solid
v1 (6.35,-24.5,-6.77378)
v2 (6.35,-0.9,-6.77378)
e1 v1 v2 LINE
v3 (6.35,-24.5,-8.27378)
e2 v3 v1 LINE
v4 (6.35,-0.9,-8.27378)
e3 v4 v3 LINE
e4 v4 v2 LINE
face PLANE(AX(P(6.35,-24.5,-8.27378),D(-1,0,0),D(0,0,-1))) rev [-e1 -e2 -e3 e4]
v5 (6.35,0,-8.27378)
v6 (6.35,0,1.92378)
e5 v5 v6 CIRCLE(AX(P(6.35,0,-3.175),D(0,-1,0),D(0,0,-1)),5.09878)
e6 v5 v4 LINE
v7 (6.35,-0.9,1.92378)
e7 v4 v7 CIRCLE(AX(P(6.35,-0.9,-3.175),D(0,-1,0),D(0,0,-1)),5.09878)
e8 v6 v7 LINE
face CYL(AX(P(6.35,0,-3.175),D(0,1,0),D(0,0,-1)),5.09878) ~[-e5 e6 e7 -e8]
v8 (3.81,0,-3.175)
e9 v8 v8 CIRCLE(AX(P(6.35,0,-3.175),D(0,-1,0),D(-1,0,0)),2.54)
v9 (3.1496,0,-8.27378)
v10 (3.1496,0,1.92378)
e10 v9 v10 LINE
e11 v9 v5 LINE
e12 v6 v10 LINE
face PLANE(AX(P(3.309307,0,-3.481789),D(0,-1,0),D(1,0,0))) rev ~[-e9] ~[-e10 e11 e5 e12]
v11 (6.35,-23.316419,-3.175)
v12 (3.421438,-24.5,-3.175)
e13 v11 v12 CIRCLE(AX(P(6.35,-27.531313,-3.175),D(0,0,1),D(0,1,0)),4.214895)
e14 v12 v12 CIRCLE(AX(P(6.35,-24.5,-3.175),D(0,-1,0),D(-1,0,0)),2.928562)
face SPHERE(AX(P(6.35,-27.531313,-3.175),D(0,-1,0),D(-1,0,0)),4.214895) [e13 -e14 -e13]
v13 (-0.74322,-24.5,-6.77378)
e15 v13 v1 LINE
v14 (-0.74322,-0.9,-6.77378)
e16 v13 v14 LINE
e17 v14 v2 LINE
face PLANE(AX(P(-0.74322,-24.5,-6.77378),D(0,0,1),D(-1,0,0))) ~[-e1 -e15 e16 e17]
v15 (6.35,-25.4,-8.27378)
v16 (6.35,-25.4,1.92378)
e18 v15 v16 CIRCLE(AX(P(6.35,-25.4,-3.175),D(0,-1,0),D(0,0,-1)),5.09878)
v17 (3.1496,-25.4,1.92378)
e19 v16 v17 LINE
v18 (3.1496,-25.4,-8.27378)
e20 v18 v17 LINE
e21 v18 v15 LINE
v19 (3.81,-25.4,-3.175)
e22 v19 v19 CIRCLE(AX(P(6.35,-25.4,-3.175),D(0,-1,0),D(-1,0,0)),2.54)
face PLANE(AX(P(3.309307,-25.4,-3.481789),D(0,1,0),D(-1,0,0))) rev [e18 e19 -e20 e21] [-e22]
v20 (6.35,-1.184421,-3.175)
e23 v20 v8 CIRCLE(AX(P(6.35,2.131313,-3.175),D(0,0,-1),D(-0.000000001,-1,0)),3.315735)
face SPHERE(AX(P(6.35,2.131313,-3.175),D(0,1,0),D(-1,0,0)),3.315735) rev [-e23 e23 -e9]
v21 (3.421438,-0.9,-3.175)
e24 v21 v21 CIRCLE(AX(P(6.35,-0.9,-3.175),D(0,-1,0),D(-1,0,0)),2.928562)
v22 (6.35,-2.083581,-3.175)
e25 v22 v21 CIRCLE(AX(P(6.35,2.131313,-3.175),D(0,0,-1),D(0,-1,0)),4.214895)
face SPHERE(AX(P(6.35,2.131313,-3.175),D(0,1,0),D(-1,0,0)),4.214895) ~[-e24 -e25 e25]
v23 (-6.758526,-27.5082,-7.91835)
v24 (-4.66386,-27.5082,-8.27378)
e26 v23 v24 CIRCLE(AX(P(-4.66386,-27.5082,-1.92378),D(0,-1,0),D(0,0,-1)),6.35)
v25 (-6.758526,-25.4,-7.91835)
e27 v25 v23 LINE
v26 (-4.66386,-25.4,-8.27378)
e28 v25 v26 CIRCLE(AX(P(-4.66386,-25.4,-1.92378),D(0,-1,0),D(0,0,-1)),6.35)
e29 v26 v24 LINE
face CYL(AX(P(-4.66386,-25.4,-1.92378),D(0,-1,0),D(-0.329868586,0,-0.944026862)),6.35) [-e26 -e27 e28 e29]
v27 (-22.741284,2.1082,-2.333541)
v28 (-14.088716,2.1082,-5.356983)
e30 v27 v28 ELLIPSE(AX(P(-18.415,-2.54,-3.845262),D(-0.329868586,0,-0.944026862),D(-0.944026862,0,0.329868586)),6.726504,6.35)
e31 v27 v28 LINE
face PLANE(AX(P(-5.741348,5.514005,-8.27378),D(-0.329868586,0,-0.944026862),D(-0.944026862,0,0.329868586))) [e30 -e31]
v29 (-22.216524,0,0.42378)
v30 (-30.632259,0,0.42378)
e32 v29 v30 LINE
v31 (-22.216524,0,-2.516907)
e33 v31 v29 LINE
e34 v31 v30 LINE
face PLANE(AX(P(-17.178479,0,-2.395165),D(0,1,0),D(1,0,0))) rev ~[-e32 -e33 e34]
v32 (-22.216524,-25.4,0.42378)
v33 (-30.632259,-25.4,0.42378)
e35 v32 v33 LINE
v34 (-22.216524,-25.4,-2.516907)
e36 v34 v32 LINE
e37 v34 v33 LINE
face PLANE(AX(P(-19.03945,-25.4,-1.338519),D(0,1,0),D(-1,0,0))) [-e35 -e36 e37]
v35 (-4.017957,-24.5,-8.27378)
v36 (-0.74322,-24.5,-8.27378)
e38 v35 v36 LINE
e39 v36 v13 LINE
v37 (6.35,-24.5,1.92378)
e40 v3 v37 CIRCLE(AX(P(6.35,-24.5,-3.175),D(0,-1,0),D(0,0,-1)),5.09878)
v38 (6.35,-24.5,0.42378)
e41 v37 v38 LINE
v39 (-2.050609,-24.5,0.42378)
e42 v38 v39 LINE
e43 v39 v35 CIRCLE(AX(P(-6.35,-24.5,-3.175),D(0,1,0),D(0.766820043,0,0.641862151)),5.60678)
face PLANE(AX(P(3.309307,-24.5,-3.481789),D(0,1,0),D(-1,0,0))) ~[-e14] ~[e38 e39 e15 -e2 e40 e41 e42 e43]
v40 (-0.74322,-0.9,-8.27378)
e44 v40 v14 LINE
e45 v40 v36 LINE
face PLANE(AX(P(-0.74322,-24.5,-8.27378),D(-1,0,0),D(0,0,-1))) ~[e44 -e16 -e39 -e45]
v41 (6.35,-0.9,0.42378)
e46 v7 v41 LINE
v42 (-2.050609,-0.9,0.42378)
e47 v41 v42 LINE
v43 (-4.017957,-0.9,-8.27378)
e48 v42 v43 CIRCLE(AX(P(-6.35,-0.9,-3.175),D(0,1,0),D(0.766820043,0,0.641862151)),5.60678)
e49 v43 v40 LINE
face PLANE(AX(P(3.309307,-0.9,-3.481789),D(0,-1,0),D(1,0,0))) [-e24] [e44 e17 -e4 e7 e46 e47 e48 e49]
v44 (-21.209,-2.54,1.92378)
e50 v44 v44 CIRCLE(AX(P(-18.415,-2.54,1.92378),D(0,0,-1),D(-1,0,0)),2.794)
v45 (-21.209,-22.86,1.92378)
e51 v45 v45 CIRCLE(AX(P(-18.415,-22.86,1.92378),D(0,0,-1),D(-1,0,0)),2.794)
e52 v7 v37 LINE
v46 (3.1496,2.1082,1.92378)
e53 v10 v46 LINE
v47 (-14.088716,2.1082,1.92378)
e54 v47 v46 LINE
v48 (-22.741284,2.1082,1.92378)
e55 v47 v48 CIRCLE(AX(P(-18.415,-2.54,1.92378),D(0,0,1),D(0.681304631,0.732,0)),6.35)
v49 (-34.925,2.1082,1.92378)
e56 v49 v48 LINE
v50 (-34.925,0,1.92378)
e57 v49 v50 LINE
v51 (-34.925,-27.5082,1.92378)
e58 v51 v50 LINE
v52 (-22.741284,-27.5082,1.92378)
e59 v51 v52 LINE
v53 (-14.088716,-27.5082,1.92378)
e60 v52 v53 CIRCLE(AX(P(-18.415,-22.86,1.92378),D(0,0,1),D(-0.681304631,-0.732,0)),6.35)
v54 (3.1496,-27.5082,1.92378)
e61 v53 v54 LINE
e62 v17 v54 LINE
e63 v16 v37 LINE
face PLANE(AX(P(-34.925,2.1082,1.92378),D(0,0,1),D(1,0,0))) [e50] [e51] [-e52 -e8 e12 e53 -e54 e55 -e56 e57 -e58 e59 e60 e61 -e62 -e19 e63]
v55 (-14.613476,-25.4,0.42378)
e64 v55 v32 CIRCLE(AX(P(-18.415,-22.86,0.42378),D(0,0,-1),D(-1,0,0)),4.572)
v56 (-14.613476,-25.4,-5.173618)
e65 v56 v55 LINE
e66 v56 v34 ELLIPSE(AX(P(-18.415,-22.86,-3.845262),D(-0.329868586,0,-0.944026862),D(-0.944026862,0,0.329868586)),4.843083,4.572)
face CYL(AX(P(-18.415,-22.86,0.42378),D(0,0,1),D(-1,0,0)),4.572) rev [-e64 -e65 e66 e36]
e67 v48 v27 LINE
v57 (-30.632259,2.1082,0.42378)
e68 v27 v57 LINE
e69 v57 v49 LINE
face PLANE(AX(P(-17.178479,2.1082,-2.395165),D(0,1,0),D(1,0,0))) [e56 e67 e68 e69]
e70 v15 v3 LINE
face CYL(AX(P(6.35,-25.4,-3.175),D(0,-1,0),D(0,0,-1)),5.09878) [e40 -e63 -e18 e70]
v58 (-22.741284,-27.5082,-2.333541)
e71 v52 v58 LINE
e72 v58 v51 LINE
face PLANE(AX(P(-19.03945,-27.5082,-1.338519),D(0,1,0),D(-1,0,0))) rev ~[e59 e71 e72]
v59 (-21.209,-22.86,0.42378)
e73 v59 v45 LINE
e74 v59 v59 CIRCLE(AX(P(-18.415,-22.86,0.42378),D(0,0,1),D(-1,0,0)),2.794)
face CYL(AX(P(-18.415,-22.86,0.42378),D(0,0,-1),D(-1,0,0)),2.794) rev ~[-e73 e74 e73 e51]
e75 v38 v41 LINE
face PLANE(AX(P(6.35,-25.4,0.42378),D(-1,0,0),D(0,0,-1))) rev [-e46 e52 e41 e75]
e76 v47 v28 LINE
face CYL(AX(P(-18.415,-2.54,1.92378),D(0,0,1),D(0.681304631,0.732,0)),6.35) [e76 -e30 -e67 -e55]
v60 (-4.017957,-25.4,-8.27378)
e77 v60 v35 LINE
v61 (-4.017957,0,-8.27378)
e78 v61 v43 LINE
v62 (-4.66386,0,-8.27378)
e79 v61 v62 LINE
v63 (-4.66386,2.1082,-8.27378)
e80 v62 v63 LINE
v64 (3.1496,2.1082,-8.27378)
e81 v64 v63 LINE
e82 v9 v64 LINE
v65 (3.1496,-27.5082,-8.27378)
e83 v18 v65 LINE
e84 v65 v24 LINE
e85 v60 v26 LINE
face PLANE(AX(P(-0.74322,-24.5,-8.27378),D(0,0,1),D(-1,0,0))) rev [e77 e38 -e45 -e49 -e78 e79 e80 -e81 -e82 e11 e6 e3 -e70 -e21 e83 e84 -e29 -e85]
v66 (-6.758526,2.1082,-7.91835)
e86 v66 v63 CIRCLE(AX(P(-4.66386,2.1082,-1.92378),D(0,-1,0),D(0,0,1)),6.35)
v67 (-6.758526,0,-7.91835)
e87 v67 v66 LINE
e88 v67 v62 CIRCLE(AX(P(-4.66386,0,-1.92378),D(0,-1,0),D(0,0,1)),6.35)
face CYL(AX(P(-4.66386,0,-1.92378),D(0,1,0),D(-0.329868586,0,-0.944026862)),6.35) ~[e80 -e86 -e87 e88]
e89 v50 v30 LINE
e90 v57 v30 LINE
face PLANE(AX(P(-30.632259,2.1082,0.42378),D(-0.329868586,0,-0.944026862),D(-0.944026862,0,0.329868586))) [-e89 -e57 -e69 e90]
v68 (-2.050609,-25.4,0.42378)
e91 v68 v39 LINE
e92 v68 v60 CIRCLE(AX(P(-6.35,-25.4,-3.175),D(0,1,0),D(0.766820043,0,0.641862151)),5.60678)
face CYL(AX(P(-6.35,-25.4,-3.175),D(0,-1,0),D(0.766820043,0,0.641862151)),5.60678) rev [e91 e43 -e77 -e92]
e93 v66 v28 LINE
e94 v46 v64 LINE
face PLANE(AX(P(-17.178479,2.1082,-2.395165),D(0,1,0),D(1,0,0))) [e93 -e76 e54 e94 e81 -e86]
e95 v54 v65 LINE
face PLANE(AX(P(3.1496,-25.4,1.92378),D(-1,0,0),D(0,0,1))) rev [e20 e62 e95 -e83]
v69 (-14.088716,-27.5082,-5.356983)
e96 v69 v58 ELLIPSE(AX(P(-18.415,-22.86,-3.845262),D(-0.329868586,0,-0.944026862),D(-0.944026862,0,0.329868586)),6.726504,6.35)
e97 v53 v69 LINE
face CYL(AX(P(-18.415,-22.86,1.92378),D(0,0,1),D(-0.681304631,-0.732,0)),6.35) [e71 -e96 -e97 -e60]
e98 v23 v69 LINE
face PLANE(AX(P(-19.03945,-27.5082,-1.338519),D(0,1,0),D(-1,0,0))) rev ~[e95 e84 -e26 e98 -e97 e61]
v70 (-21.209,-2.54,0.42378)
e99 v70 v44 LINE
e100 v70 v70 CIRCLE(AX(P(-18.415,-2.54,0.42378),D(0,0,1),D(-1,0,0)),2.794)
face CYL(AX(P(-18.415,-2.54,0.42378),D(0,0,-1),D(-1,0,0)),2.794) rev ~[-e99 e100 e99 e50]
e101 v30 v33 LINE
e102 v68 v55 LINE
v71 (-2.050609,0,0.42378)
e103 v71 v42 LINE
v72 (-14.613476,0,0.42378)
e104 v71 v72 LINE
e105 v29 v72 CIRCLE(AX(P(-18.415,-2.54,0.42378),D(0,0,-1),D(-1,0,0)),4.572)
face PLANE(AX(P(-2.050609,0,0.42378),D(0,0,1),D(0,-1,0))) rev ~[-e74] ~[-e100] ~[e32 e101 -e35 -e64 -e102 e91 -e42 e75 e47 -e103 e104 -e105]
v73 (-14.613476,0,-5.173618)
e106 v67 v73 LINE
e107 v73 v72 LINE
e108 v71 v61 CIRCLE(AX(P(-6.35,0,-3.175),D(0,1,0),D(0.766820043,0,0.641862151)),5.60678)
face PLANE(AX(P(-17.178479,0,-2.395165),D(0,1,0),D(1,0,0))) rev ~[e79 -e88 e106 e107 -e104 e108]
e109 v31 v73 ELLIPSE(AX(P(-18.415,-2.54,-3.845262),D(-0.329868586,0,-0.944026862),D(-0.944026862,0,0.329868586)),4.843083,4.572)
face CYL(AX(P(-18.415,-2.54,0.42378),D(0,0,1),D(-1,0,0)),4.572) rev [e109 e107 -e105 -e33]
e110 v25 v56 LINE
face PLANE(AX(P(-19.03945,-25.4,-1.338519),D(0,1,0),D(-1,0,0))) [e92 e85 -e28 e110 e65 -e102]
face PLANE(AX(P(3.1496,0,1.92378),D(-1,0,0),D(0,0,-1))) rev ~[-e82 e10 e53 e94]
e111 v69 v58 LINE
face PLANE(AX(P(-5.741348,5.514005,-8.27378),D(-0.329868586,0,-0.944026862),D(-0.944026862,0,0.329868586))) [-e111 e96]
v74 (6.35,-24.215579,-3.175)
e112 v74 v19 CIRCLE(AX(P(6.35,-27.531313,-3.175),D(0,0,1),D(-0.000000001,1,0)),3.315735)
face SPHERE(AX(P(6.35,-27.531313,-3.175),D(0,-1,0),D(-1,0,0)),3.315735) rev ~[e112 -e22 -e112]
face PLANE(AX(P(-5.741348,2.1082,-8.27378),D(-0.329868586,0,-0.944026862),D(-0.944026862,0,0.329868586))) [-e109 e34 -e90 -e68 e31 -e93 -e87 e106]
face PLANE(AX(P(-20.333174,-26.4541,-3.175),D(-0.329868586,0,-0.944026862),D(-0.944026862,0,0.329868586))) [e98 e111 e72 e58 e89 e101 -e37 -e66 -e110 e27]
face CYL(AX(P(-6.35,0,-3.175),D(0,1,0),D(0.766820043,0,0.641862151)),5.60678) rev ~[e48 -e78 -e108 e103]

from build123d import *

# Parameters (mm, degrees)
BOSS_EXTRUDE2_DEPTH = 2.1082
BOSS_EXTRUDE3_DEPTH = 0.9
SKETCH13_W          = 8.400608993
SKETCH13_H          = 1.5
BOSS_EXTRUDE4_DEPTH = 12.7
SKETCH16_W          = 7.09322036
SKETCH16_H          = 1.5
BOSS_EXTRUDE5_DEPTH = 11.8
BOSS_EXTRUDE6_DEPTH = 2.1082
BOSS_EXTRUDE7_REACH = 45.656
BOSS_EXTRUDE8_DEPTH = 2.1082
FILLET1_R           = 6.35
SKETCH20_R          = 2.794
CUT_EXTRUDE1_DEPTH  = 46.30015706
SKETCH21_R          = 4.572
CUT_EXTRUDE2_DEPTH  = 46.30015706
BOSS_EXTRUDE9_REACH = 47.612


with BuildPart() as part:
    # Sketch6 → Boss-Extrude2 (new body)
    with BuildSketch(Plane(origin=(0, 0, 0), x_dir=(1, 0, 0), z_dir=(0, 1, 0))):
        with BuildLine():
            Line((3.1496, 3.175), (3.1496, 8.27377964))
            Line((3.1496, 8.27377964), (-5.741348421, 8.27377964))
            Line((-5.741348421, 8.27377964), (-8.59506403, 5.42006403))
            ThreePointArc((-8.59506403, 5.42006403), (-9.283317516, 4.390019898), (-9.525, 3.175))
            Line((-9.525, 3.175), (-9.525, -1.92377964))
            Line((-9.525, -1.92377964), (-6.989909723, -1.92377964))
            Line((-6.989909723, -1.92377964), (3.1496, -1.92377964))
            Line((3.1496, -1.92377964), (3.1496, 3.175))
        make_face()
    extrude(amount=BOSS_EXTRUDE2_DEPTH)

    # Sketch7 → Boss-Extrude3 (add)
    with BuildSketch(Plane.XZ):
        with BuildLine():
            Line((-2.050608993, 1.92377964), (-2.050608993, 0.42377964))
            ThreePointArc((-2.050608993, 0.42377964), (-0.881374643, -4.411978027), (-4.017957094, -8.27377964))
            Line((-4.017957094, -8.27377964), (6.35, -8.27377964))
            ThreePointArc((6.35, -8.27377964), (11.44877964, -3.175), (6.35, 1.92377964))
            Line((6.35, 1.92377964), (-2.050608993, 1.92377964))
        make_face()
    extrude(amount=BOSS_EXTRUDE3_DEPTH)

    # Sketch11 → Revolve4 (revolve)
    with BuildSketch(Plane.XY.offset(-3.175), mode=Mode.PRIVATE) as revolve4_sk:
        with BuildLine():
            Line((6.35, -0.9), (6.35, -2.083581452))
            ThreePointArc((6.35, -2.083581452), (7.929346537, -1.776499661), (9.278562256, -0.9))
            Line((9.278562256, -0.9), (6.35, -0.9))
        make_face()
    revolve(revolve4_sk.sketch.rotate(Axis((6.35, -0.9, -3.175), (0, -1, 0)), 180), axis=Axis((6.35, -0.9, -3.175), (0, -1, 0)))

    # Sketch12 → Cut-Revolve1 (revolve, cut)
    with BuildSketch(Plane.XY.offset(-3.175), mode=Mode.PRIVATE) as cut_revolve1_sk:
        with BuildLine():
            Line((8.89, 0), (6.35, 0))
            Line((6.35, 0), (6.35, -1.184421452))
            ThreePointArc((6.35, -1.184421452), (7.751289957, -0.873762947), (8.89, 0))
        make_face()
    revolve(cut_revolve1_sk.sketch.rotate(Axis((6.35, 0, -3.175), (0, -1, 0)), 180), axis=Axis((6.35, 0, -3.175), (0, -1, 0)), mode=Mode.SUBTRACT)

    # Sketch13 → Boss-Extrude4 (add)
    with BuildSketch(Plane.XZ):
        with Locations((2.149695504, 1.17377964)):
            Rectangle(SKETCH13_W, SKETCH13_H)
    extrude(amount=BOSS_EXTRUDE4_DEPTH)

    # Sketch16 → Boss-Extrude5 (add)
    with BuildSketch(Plane.XZ.offset(0.9)):
        with Locations((2.80338982, -7.52377964)):
            Rectangle(SKETCH16_W, SKETCH16_H)
    extrude(amount=BOSS_EXTRUDE5_DEPTH)

    # Mirror1: part across plane


with BuildPart() as part_1:
    add(part.part)
    add(part.part.mirror(Plane(origin=(6.35, -12.7, 1.92377964), x_dir=(0, 0, 1), z_dir=(0, 1, 0))))

    # Sketch17 → Boss-Extrude6 (add)
    with BuildSketch(Plane.XZ.offset(27.5082)):
        with BuildLine():
            Line((-5.741348421, -8.27377964), (-34.925, 1.92377964))
            Line((-34.925, 1.92377964), (-9.525, 1.92377964))
            Line((-9.525, 1.92377964), (-9.525, -3.175))
            ThreePointArc((-9.525, -3.175), (-9.283317516, -4.390019898), (-8.59506403, -5.42006403))
            Line((-8.59506403, -5.42006403), (-5.741348421, -8.27377964))
        make_face()
    extrude(amount=-BOSS_EXTRUDE6_DEPTH)

    # Boss-Extrude7: up to this face of the body (flat: up to its plane)
    boss_extrude7_end = Plane(part_1.part.faces().sort_by_distance((-20.33317421, -26.4541, -3.175))[0])
    # Sketch18 → Boss-Extrude7 (add, up to the picked face)
    with BuildSketch(Plane.ZY.offset(2.050608993), mode=Mode.PRIVATE) as boss_extrude7_sk1:
        Polygon((1.92377964, 0), (0.42377964, 0), (0.42377964, -0.9), (0.42377964, -24.5), (0.42377964, -25.4), (1.92377964, -25.4), align=None)
    boss_extrude7_tool1 = split(extrude(boss_extrude7_sk1.sketch, amount=BOSS_EXTRUDE7_REACH, mode=Mode.PRIVATE), bisect_by=boss_extrude7_end, keep=Keep.BOTH, mode=Mode.PRIVATE)
    add(boss_extrude7_tool1.solids().sort_by(Axis((-2.050609, -12.7, 1.17378), (-1, 0, 0)))[0])

    # Sketch19 → Boss-Extrude8 (add)
    with BuildSketch(Plane(origin=(0, 2.1082, 0), x_dir=(1, 0, 0), z_dir=(0, 1, 0))):
        with BuildLine():
            Line((-5.741348421, 8.27377964), (-30.632259338, -0.42377964))
            Line((-30.632259338, -0.42377964), (-9.525, -0.42377964))
            Line((-9.525, -0.42377964), (-9.525, 3.175))
            ThreePointArc((-9.525, 3.175), (-9.283317516, 4.390019898), (-8.59506403, 5.42006403))
            Line((-8.59506403, 5.42006403), (-5.741348421, 8.27377964))
        make_face()
        Polygon((-9.525, -0.42377964), (-30.632259338, -0.42377964), (-34.925, -1.92377964), (-9.525, -1.92377964), align=None)
    extrude(amount=-BOSS_EXTRUDE8_DEPTH)

    # Fillet1
    fillet1_edges = [part_1.edges().sort_by_distance(p)[0] for p in [
        (-5.741348421, 1.0541, -8.27377964),
        (-5.741348421, -26.4541, -8.27377964),
    ]]
    fillet(fillet1_edges, radius=FILLET1_R)

    # Sketch20 → Cut-Extrude1 (cut, through all)
    with BuildSketch(Plane(origin=(0, 0, 0.42377964), x_dir=(-1, 0, 0), z_dir=(0, 0, -1))):
        with Locations((18.415, -22.86)):
            Circle(SKETCH20_R)
        with Locations((18.415, -2.54)):
            Circle(SKETCH20_R)
    extrude(amount=-CUT_EXTRUDE1_DEPTH, mode=Mode.SUBTRACT)

    # Sketch21 → Cut-Extrude2 (cut, through all)
    with BuildSketch(Plane(origin=(0, 0, 0.42377964), x_dir=(-1, 0, 0), z_dir=(0, 0, -1))):
        with Locations((18.415, -22.86)):
            Circle(SKETCH21_R)
        with Locations((18.415, -2.54)):
            Circle(SKETCH21_R)
    extrude(amount=CUT_EXTRUDE2_DEPTH, mode=Mode.SUBTRACT)

    # Boss-Extrude9: up to this plane
    boss_extrude9_end = Plane(origin=(-5.741348421, 5.514005479, -8.27377964), z_dir=(-0.3298685861491406, 0, -0.9440268618381402))
    # Sketch22 → Boss-Extrude9 (add, up to the surface)
    with BuildSketch(Plane.XY.offset(1.92377964), mode=Mode.PRIVATE) as boss_extrude9_sk1:
        with BuildLine():
            Line((-14.088715594, -27.5082), (-22.741284406, -27.5082))
            ThreePointArc((-22.741284406, -27.5082), (-18.415, -29.21), (-14.088715594, -27.5082))
        make_face()
    boss_extrude9_tool1 = split(extrude(boss_extrude9_sk1.sketch, amount=-BOSS_EXTRUDE9_REACH, mode=Mode.PRIVATE), bisect_by=boss_extrude9_end, keep=Keep.BOTH, mode=Mode.PRIVATE)
    add(boss_extrude9_tool1.solids().sort_by_distance((-18.415, -28.197399, 1.92378))[0])
    # Sketch22 → Boss-Extrude9 (add, up to the surface)
    with BuildSketch(Plane.XY.offset(1.92377964), mode=Mode.PRIVATE) as boss_extrude9_sk2:
        with BuildLine():
            Line((-22.741284406, 2.1082), (-14.088715594, 2.1082))
            ThreePointArc((-14.088715594, 2.1082), (-18.415, 3.81), (-22.741284406, 2.1082))
        make_face()
    boss_extrude9_tool2 = split(extrude(boss_extrude9_sk2.sketch, amount=-BOSS_EXTRUDE9_REACH, mode=Mode.PRIVATE), bisect_by=boss_extrude9_end, keep=Keep.BOTH, mode=Mode.PRIVATE)
    add(boss_extrude9_tool2.solids().sort_by_distance((-18.415, 2.797399, 1.92378))[0])


solid = part_1.part
